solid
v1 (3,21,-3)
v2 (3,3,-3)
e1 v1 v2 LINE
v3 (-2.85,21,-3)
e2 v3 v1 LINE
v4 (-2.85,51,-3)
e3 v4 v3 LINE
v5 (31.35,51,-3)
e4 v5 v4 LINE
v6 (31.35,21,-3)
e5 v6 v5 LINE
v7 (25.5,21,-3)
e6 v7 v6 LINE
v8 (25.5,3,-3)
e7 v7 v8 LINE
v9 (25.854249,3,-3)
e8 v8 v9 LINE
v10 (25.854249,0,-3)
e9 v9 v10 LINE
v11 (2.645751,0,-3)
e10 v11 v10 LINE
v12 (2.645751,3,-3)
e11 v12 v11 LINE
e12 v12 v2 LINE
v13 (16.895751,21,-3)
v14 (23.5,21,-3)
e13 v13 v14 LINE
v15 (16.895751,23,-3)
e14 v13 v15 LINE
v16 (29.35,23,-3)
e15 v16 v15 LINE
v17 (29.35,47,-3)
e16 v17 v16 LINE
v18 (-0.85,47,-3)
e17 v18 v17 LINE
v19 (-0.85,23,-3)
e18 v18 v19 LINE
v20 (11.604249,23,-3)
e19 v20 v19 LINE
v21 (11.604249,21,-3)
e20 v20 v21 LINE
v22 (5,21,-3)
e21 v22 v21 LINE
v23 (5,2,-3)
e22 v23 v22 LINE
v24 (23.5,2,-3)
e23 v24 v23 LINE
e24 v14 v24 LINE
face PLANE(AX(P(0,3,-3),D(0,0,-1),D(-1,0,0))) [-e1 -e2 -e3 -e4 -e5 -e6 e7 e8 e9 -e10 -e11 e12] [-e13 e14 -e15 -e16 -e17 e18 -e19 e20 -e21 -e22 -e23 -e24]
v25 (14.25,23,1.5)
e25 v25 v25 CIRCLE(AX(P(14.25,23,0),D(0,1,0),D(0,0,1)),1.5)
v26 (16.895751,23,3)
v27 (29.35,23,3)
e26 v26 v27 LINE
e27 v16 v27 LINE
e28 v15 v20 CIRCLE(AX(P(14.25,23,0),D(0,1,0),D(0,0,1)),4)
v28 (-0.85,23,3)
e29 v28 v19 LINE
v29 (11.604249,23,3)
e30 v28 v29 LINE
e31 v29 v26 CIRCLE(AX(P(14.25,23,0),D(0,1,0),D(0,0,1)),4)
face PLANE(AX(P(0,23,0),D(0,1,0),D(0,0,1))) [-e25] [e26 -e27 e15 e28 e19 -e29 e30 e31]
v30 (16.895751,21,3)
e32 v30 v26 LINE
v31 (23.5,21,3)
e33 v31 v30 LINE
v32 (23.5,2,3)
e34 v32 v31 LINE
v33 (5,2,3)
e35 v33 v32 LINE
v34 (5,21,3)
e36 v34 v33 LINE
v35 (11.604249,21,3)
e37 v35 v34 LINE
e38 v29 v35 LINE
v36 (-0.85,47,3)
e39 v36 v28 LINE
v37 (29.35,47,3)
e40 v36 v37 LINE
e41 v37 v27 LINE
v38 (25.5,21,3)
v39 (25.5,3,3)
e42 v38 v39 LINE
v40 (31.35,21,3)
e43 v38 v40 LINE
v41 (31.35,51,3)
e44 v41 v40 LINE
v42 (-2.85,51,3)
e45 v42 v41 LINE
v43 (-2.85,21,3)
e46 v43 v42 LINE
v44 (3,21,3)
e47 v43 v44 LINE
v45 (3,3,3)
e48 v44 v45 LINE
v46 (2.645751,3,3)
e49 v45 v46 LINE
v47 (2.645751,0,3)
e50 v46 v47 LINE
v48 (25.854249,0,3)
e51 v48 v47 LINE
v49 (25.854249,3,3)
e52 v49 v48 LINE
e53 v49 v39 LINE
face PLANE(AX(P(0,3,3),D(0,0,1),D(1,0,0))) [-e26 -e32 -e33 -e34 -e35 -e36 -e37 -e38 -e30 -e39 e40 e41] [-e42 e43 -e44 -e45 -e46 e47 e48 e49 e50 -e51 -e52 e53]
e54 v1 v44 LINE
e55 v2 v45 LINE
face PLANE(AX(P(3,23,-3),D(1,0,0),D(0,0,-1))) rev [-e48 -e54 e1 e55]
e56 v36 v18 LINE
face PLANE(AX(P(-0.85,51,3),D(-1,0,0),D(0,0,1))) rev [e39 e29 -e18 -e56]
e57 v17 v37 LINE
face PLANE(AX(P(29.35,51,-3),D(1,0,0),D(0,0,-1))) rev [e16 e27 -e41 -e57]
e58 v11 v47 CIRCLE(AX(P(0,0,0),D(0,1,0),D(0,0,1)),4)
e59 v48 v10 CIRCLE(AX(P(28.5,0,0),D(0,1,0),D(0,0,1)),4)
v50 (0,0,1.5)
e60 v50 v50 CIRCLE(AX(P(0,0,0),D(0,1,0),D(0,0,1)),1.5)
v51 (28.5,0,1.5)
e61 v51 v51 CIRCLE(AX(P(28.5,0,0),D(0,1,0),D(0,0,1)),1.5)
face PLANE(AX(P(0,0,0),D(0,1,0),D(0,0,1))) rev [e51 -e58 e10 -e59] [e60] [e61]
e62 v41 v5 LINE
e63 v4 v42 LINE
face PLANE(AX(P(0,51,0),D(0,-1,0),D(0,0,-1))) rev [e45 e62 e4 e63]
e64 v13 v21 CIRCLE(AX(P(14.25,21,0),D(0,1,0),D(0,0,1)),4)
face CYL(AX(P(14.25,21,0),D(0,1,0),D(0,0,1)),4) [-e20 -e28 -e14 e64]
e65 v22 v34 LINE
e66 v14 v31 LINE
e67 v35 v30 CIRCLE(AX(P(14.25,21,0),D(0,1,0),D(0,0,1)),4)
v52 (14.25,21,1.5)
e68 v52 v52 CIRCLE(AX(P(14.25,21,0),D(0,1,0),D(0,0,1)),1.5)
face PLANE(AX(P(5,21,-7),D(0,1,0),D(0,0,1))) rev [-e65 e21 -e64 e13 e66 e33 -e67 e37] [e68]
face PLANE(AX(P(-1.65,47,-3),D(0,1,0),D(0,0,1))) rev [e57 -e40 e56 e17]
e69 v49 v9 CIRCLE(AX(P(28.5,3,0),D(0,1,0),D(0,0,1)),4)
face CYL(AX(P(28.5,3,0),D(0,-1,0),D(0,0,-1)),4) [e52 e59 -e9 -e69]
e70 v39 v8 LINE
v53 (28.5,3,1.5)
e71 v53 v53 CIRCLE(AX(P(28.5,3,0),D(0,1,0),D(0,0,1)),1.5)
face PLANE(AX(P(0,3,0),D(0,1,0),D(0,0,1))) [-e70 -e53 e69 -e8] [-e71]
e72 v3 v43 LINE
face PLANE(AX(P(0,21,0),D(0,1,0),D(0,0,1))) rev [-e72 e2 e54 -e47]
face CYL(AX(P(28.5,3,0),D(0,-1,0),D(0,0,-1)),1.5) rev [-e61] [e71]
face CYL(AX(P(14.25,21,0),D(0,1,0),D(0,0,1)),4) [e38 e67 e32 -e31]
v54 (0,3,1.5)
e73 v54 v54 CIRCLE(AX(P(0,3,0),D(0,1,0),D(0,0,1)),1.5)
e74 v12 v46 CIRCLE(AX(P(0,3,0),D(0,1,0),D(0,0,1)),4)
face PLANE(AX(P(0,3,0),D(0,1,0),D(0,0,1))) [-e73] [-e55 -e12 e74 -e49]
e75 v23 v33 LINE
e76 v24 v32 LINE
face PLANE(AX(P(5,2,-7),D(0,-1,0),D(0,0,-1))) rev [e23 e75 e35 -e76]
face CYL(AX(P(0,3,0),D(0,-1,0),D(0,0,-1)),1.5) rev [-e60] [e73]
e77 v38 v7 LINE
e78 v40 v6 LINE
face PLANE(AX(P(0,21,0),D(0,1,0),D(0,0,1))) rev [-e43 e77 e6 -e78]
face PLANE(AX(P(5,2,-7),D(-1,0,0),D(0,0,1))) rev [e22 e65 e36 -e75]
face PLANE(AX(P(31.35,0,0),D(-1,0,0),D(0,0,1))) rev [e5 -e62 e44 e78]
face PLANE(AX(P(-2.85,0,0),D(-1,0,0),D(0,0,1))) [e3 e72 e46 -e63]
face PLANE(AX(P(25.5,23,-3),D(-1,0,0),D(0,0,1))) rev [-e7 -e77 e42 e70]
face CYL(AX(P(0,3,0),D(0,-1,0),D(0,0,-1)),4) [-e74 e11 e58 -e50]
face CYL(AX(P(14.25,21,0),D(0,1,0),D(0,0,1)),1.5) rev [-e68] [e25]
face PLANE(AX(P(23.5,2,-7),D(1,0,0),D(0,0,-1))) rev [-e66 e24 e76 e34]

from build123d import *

# Parameters (mm, degrees)
SKETCH1_R           = 1.5
BOSS_EXTRUDE1_DEPTH = 3
SKETCH2_W           = 22.5
SKETCH2_H           = 6
BOSS_EXTRUDE2_DEPTH = 20
SKETCH3_W           = 18.5
SKETCH3_H           = 19
CUT_EXTRUDE1_DEPTH  = 10
SKETCH4_W           = 3.85
SKETCH4_H           = 6
BOSS_EXTRUDE3_DEPTH = 2
SKETCH5_R           = 1.5
CUT_EXTRUDE2_DEPTH  = 2
SKETCH6_W           = 6
SKETCH6_H           = 2
BOSS_EXTRUDE4_DEPTH = 2
SKETCH7_W           = 2
SKETCH7_H           = 6
BOSS_EXTRUDE5_DEPTH = 28
SKETCH8_W           = 6
SKETCH8_H           = 2
BOSS_EXTRUDE6_DEPTH = 2
SKETCH9_W           = 2
SKETCH9_H           = 6
BOSS_EXTRUDE7_DEPTH = 28
SKETCH11_W          = 6
SKETCH11_H          = 4
BOSS_EXTRUDE8_DEPTH = 31


with BuildPart() as part:
    # Sketch1 → Boss-Extrude1 (new body)
    with BuildSketch(Plane(origin=(0, 0, 0), x_dir=(1, 0, 0), z_dir=(0, 1, 0))):
        with BuildLine():
            Line((2.645751311, 3), (25.854248689, 3))
            ThreePointArc((25.854248689, 3), (32.5, 0), (25.854248689, -3))
            Line((25.854248689, -3), (2.645751311, -3))
            ThreePointArc((2.645751311, -3), (-4, 0), (2.645751311, 3))
        make_face()
        Circle(SKETCH1_R, mode=Mode.SUBTRACT)
        with Locations((28.5, 0)):
            Circle(SKETCH1_R, mode=Mode.SUBTRACT)
    extrude(amount=BOSS_EXTRUDE1_DEPTH)

    # Sketch2 → Boss-Extrude2 (add)
    with BuildSketch(Plane(origin=(0, 3, 0), x_dir=(1, 0, 0), z_dir=(0, 1, 0))):
        with Locations((14.25, 0)):
            Rectangle(SKETCH2_W, SKETCH2_H)
    extrude(amount=BOSS_EXTRUDE2_DEPTH)

    # Sketch3 → Cut-Extrude1 (cut)
    with BuildSketch(Plane.XY.offset(3)):
        with Locations((14.25, 11.5)):
            Rectangle(SKETCH3_W, SKETCH3_H)
    extrude(amount=-CUT_EXTRUDE1_DEPTH, mode=Mode.SUBTRACT)

    # Sketch4 → Boss-Extrude3 (add)
    with BuildSketch(Plane(origin=(0, 23, 0), x_dir=(1, 0, 0), z_dir=(0, 1, 0))):
        with BuildLine():
            Line((11.604248689, 3), (16.895751311, 3))
            ThreePointArc((16.895751311, 3), (14.25, 4), (11.604248689, 3))
        make_face()
        with Locations((27.425, 0)):
            Rectangle(SKETCH4_W, SKETCH4_H)
        with Locations((1.075, 0)):
            Rectangle(SKETCH4_W, SKETCH4_H)
        with BuildLine():
            ThreePointArc((11.604248689, -3), (14.25, -4), (16.895751311, -3))
            Line((16.895751311, -3), (11.604248689, -3))
        make_face()
    extrude(amount=-BOSS_EXTRUDE3_DEPTH)

    # Sketch5 → Cut-Extrude2 (cut)
    with BuildSketch(Plane(origin=(0, 23, 0), x_dir=(1, 0, 0), z_dir=(0, 1, 0))):
        with Locations((14.25, 0)):
            Circle(SKETCH5_R)
    extrude(amount=-CUT_EXTRUDE2_DEPTH, mode=Mode.SUBTRACT)

    # Sketch6 → Boss-Extrude4 (add)
    with BuildSketch(Plane.ZY.offset(0.85)):
        with Locations((0, 22)):
            Rectangle(SKETCH6_W, SKETCH6_H)
    extrude(amount=BOSS_EXTRUDE4_DEPTH)

    # Sketch7 → Boss-Extrude5 (add)
    with BuildSketch(Plane(origin=(0, 23, 0), x_dir=(1, 0, 0), z_dir=(0, 1, 0))):
        with Locations((-1.85, 0)):
            Rectangle(SKETCH7_W, SKETCH7_H)
    extrude(amount=BOSS_EXTRUDE5_DEPTH)

    # Sketch8 → Boss-Extrude6 (add)
    with BuildSketch(Plane(origin=(29.35, 0, 0), x_dir=(0, 0, -1), z_dir=(1, 0, 0))):
        with Locations((0, 22)):
            Rectangle(SKETCH8_W, SKETCH8_H)
    extrude(amount=BOSS_EXTRUDE6_DEPTH)

    # Sketch9 → Boss-Extrude7 (add)
    with BuildSketch(Plane(origin=(0, 23, 0), x_dir=(1, 0, 0), z_dir=(0, 1, 0))):
        with Locations((30.35, 0)):
            Rectangle(SKETCH9_W, SKETCH9_H)
    extrude(amount=BOSS_EXTRUDE7_DEPTH)

    # Sketch11 → Boss-Extrude8 (add)
    with BuildSketch(Plane.ZY.offset(-29.35)):
        with Locations((0, 49)):
            Rectangle(SKETCH11_W, SKETCH11_H)
    extrude(amount=BOSS_EXTRUDE8_DEPTH)


solid = part.part
